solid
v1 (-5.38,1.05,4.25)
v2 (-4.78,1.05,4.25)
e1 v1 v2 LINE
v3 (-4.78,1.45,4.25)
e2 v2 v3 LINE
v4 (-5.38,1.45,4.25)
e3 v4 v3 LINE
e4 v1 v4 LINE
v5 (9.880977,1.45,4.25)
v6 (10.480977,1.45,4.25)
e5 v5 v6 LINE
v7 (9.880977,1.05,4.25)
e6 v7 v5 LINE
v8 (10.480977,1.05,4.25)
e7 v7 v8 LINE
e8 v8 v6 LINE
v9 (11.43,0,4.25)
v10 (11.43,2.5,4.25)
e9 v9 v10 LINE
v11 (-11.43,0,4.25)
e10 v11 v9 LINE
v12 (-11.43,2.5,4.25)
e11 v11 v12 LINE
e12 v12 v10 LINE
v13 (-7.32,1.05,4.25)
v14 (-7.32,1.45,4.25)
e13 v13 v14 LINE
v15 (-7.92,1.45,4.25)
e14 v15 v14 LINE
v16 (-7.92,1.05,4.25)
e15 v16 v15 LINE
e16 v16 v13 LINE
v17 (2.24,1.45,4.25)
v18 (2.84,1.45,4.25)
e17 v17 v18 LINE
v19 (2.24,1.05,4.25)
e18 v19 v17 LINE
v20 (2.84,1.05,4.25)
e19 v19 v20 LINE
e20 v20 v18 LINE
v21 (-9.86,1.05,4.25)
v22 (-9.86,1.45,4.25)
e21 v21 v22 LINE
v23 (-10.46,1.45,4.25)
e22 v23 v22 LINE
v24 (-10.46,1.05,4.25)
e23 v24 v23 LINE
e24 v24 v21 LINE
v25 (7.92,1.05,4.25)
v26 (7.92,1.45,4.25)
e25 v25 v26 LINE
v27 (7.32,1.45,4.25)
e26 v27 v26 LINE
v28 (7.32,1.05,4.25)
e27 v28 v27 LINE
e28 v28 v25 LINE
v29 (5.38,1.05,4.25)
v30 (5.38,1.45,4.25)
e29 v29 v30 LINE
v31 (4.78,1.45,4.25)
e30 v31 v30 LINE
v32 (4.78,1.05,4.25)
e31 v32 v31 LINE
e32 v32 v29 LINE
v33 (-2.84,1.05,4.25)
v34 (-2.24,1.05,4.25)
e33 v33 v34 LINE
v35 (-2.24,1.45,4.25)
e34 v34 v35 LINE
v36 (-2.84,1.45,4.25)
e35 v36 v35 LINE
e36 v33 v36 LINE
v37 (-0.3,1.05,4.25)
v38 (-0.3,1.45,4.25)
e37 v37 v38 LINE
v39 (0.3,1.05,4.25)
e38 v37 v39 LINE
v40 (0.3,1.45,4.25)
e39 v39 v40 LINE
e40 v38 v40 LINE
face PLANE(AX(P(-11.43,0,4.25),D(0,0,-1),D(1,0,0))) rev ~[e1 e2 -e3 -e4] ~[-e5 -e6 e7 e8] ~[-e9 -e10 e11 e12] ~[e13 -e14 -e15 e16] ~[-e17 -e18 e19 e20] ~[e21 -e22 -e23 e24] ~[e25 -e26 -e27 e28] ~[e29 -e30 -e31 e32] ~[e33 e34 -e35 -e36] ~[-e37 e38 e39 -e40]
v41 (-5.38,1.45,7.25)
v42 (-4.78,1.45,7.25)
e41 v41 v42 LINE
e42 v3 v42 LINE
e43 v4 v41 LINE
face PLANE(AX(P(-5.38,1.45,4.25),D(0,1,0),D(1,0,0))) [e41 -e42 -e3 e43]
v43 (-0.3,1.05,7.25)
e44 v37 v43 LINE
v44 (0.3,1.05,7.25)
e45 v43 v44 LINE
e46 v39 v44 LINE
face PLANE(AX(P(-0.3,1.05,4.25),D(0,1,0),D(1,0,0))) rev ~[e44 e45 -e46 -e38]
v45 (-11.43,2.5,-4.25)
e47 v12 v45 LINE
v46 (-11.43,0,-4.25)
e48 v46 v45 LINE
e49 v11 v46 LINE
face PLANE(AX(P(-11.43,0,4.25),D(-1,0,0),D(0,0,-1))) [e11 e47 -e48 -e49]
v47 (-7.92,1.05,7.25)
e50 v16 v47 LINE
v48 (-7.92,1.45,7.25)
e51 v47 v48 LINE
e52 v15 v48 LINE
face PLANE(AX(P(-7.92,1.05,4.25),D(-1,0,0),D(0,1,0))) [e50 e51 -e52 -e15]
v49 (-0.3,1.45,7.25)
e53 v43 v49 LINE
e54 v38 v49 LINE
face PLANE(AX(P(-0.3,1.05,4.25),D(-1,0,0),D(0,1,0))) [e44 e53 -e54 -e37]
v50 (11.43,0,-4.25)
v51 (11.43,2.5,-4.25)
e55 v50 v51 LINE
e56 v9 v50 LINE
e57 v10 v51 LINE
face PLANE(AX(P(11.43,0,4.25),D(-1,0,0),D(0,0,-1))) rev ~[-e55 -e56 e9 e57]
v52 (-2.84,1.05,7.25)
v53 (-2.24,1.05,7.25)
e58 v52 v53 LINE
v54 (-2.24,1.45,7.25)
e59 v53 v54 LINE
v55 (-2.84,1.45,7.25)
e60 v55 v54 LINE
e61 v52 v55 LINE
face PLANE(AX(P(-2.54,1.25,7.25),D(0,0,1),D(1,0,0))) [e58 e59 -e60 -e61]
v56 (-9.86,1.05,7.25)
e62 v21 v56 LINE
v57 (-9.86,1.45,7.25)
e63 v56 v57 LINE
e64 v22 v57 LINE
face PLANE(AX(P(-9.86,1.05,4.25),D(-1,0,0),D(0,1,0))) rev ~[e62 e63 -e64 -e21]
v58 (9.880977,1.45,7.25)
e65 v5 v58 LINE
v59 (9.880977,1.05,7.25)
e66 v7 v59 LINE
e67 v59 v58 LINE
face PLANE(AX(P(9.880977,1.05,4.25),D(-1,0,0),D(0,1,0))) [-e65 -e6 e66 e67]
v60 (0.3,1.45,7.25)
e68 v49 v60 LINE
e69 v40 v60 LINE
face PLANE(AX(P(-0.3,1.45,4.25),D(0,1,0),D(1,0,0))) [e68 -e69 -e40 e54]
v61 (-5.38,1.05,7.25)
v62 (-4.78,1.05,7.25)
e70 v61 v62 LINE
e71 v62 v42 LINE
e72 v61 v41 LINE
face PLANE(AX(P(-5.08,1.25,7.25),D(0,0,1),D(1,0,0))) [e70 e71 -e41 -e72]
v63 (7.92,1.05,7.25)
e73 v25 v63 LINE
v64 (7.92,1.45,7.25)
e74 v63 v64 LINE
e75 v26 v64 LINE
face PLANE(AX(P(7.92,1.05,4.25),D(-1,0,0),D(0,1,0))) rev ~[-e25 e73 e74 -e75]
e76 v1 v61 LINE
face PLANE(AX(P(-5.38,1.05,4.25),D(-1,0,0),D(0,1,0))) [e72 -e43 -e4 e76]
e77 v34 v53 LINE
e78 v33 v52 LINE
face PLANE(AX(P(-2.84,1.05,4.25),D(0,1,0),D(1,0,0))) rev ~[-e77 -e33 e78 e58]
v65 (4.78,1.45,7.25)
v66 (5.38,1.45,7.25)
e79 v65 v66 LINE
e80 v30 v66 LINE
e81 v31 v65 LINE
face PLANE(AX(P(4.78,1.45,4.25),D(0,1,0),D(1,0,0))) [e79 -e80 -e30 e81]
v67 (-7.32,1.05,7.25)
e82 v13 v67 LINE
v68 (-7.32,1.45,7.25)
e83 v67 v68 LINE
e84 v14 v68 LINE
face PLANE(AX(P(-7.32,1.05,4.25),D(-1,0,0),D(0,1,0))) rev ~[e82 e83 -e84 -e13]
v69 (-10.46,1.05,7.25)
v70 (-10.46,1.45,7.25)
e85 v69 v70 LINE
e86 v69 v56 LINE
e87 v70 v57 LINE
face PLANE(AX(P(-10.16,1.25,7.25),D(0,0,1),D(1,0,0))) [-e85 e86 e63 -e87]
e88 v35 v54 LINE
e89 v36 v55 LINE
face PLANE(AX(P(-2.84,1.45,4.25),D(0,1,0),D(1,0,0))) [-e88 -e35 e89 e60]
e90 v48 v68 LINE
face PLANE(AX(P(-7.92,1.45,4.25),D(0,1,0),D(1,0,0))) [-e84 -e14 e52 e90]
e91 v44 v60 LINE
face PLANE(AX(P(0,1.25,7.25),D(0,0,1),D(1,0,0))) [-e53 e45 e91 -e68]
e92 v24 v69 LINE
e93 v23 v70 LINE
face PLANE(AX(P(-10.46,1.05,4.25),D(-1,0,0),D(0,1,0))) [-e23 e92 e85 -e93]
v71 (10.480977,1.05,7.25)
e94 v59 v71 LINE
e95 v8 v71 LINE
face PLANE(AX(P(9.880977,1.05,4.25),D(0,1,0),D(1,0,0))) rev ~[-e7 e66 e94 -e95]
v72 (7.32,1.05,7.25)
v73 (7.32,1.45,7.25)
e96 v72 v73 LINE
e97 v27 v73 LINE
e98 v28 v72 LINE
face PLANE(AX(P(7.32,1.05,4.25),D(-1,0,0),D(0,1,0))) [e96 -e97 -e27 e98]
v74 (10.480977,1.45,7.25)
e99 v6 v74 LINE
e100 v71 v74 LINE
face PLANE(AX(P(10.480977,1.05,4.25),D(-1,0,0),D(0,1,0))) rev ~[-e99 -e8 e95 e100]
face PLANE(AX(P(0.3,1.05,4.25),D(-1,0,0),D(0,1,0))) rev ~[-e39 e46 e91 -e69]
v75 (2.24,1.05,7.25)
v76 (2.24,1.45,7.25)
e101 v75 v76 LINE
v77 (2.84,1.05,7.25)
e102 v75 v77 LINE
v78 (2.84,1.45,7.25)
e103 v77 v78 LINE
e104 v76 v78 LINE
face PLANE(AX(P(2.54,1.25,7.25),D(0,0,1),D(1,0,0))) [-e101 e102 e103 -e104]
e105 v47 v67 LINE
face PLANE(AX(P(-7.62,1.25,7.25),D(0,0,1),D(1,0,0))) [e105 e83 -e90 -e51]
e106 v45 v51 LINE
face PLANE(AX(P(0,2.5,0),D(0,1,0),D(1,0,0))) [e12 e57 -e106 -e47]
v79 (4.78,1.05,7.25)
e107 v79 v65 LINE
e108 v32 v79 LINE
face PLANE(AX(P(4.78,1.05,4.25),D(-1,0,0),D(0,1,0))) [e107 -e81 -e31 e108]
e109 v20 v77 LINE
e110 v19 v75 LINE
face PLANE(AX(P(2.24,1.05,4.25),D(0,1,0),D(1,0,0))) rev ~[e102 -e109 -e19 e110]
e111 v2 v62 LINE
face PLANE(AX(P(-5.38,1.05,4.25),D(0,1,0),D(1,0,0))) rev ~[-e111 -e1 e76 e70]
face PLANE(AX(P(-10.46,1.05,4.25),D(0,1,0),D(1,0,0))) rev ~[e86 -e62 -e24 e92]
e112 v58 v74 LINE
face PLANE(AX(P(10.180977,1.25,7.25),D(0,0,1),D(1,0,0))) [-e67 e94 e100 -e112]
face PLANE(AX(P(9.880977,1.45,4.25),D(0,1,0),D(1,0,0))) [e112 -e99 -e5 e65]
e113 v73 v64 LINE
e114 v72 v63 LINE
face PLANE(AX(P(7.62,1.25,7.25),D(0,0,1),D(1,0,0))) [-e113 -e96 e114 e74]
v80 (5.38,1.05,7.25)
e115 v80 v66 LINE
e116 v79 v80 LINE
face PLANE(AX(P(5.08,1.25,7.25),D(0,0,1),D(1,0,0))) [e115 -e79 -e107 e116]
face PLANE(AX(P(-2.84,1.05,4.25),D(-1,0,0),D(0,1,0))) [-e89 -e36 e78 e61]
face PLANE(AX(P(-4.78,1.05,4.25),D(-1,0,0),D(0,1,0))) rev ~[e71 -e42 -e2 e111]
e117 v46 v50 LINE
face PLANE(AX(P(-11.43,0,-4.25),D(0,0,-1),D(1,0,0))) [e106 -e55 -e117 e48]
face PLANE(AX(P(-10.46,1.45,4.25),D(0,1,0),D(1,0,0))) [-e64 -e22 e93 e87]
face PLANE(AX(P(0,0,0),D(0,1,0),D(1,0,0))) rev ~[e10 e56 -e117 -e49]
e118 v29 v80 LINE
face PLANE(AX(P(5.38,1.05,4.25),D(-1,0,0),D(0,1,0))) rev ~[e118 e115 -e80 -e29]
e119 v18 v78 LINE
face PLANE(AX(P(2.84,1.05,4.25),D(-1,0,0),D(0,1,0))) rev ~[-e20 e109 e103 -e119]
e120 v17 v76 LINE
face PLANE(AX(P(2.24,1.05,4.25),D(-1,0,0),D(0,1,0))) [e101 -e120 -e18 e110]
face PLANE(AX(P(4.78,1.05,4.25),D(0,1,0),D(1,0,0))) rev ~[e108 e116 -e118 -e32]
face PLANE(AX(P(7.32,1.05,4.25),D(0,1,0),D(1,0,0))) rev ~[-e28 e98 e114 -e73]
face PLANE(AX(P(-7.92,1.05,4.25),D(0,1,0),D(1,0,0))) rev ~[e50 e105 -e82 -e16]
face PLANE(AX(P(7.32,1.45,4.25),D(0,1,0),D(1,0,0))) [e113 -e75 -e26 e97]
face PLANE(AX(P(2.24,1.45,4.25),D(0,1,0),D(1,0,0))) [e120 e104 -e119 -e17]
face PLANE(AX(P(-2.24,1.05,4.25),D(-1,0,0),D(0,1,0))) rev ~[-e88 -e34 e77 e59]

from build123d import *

# Parameters (mm, degrees)
SKETCH_1_W      = 22.86
SKETCH_1_H      = 8.5
EXTRUDE_1_DEPTH = 2.5
SKETCH_2_W      = 0.6
SKETCH_2_H      = 0.4
EXTRUDE_2_DEPTH = 3


with BuildPart() as part:
    # Эскиз1 → Бобышка-Вытянуть1 (new body)
    with BuildSketch(Plane(origin=(0, 0, 0), x_dir=(1, 0, 0), z_dir=(0, 1, 0))):
        Rectangle(SKETCH_1_W, SKETCH_1_H)
    extrude(amount=EXTRUDE_1_DEPTH)

    # Эскиз2 → Бобышка-Вытянуть2 (add)
    with BuildSketch(Plane.XY.offset(4.25)):
        with Locations((-7.62, 1.25)):
            Rectangle(SKETCH_2_W, SKETCH_2_H)
        with Locations((-10.16, 1.25)):
            Rectangle(SKETCH_2_W, SKETCH_2_H)
        with Locations((-5.08, 1.25)):
            Rectangle(SKETCH_2_W, SKETCH_2_H)
        with Locations((-2.54, 1.25)):
            Rectangle(SKETCH_2_W, SKETCH_2_H)
        with Locations((0, 1.25)):
            Rectangle(SKETCH_2_W, SKETCH_2_H)
        with Locations((2.54, 1.25)):
            Rectangle(SKETCH_2_W, SKETCH_2_H)
        with Locations((5.08, 1.25)):
            Rectangle(SKETCH_2_W, SKETCH_2_H)
        with Locations((7.62, 1.25)):
            Rectangle(SKETCH_2_W, SKETCH_2_H)
        with Locations((10.180976984, 1.25)):
            Rectangle(SKETCH_2_W, SKETCH_2_H)
    extrude(amount=EXTRUDE_2_DEPTH)


solid = part.part
